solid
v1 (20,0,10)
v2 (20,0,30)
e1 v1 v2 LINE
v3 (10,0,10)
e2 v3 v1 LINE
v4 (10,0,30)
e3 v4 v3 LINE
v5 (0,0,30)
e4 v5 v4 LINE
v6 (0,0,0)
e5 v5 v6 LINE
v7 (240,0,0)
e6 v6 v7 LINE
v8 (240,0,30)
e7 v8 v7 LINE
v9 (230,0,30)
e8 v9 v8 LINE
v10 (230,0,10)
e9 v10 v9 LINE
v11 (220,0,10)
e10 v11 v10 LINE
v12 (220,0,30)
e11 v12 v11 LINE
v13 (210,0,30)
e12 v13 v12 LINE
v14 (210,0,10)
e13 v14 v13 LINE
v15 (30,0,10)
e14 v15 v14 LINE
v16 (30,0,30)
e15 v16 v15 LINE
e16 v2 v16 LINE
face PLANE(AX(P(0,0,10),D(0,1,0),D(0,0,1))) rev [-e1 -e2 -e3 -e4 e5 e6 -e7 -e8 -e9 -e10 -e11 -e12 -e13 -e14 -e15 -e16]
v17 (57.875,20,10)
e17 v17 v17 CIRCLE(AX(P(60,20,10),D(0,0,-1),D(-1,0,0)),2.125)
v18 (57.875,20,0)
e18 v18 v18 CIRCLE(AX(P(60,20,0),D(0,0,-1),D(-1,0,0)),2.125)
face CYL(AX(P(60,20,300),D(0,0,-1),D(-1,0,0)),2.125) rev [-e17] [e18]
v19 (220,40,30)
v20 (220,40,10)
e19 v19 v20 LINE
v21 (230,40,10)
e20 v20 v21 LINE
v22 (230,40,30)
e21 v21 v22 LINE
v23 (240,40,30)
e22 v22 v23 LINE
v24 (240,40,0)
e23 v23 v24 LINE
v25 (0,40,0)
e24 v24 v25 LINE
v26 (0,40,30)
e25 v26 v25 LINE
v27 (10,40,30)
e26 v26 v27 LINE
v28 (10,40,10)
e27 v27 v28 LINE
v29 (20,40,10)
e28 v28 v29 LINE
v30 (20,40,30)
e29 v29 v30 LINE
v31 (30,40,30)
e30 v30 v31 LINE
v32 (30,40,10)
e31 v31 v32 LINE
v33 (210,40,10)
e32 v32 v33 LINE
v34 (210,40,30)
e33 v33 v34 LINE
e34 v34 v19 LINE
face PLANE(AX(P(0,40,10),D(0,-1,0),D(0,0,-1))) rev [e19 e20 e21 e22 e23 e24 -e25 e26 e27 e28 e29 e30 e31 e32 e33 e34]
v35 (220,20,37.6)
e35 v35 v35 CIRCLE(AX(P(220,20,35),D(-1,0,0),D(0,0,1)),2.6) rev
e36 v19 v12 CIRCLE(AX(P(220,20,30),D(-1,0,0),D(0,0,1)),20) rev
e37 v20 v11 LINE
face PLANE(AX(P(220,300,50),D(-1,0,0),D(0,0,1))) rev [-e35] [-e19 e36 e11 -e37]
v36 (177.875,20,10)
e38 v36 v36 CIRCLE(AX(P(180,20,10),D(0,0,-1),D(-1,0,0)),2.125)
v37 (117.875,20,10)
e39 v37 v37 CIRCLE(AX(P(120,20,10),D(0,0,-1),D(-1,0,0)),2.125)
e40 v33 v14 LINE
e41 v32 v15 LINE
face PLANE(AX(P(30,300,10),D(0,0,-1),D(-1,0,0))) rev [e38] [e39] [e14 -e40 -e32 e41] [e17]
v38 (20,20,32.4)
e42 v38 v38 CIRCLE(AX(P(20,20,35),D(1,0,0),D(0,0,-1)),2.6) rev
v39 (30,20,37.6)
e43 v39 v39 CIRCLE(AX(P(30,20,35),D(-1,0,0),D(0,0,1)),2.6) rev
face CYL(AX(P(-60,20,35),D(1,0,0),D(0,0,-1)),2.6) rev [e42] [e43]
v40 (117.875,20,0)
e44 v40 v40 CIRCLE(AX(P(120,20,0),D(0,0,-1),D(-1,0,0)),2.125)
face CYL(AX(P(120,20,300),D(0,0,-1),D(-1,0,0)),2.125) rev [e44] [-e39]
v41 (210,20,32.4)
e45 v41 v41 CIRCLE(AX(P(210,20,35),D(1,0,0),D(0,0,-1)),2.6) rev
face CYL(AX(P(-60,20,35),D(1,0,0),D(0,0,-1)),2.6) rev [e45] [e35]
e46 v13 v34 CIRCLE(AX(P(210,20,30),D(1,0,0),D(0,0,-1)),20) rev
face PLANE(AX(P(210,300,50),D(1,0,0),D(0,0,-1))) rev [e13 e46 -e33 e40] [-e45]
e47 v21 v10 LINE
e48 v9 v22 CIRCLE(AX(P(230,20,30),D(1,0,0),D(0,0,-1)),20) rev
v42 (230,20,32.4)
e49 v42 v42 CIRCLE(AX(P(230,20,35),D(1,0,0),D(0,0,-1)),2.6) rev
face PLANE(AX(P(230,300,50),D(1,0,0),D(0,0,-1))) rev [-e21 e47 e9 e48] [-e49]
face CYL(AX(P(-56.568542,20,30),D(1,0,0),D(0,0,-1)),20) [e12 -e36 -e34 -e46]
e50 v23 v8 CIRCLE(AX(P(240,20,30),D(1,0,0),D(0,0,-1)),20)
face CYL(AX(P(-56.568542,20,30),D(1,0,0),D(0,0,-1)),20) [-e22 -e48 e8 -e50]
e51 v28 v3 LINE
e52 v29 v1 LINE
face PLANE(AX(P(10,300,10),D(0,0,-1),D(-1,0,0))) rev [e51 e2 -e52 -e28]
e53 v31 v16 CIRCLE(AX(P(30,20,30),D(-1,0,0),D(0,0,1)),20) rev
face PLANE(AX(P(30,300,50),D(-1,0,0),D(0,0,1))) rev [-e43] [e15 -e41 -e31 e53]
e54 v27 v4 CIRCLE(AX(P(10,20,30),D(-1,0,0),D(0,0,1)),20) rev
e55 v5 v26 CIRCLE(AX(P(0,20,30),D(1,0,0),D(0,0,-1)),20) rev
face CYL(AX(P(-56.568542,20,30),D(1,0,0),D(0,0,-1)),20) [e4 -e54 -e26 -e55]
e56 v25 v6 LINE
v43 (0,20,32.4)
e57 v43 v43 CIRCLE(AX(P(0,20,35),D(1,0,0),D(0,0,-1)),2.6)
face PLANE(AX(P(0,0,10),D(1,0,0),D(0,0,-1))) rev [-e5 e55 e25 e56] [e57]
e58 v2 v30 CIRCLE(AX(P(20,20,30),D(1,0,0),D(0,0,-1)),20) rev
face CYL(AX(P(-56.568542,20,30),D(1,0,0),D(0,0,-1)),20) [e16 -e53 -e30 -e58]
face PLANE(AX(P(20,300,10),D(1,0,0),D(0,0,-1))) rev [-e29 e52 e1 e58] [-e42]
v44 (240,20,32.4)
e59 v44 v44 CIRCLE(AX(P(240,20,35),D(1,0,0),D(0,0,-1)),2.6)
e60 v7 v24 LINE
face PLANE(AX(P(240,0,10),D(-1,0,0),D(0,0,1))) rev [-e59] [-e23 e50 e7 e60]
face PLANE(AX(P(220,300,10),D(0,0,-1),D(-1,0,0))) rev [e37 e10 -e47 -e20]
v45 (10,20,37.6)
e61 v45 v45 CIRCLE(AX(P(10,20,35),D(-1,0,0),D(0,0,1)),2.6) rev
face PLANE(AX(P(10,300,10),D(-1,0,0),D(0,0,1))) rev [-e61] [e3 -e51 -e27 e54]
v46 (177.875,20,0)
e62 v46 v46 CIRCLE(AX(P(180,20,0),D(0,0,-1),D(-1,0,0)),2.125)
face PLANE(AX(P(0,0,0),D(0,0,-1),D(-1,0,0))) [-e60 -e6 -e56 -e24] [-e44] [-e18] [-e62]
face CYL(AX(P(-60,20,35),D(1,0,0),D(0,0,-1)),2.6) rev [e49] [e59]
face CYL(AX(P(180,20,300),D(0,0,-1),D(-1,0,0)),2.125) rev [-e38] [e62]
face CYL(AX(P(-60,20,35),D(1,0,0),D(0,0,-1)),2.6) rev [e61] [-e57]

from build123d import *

# Parameters (mm, degrees)
SKETCH1_W           = 240
SKETCH1_H           = 40
BOSS_EXTRUDE1_DEPTH = 10
SKETCH2_W           = 20
SKETCH2_H           = 40
BOSS_EXTRUDE2_DEPTH = 240
SKETCH3_R           = 2.6
CUT_EXTRUDE1_DEPTH  = 300
SKETCH4_W           = 10
SKETCH4_H           = 40
SKETCH4_W_2         = 180
CUT_EXTRUDE2_DEPTH  = 300
SKETCH5_R           = 2.125
CUT_EXTRUDE3_DEPTH  = 300


with BuildPart() as part:
    # Sketch1 → Boss-Extrude1 (new body)
    with BuildSketch(Plane.XY):
        with Locations((120, 20)):
            Rectangle(SKETCH1_W, SKETCH1_H)
    extrude(amount=BOSS_EXTRUDE1_DEPTH)

    # Sketch2 → Boss-Extrude2 (add)
    with BuildSketch(Plane(origin=(240, 0, 0), x_dir=(0, 0, -1), z_dir=(1, 0, 0))):
        with Locations((-20, 20)):
            Rectangle(SKETCH2_W, SKETCH2_H)
        with BuildLine():
            Line((-30, 40), (-30, 0))
            ThreePointArc((-30, 0), (-50, 20), (-30, 40))
        make_face()
    extrude(amount=-BOSS_EXTRUDE2_DEPTH)

    # Sketch3 → Cut-Extrude1 (cut)
    with BuildSketch(Plane(origin=(240, 0, 0), x_dir=(0, 0, -1), z_dir=(1, 0, 0))):
        with Locations((-35, 20)):
            Circle(SKETCH3_R)
    extrude(amount=-CUT_EXTRUDE1_DEPTH, mode=Mode.SUBTRACT)

    # Sketch4 → Cut-Extrude2 (cut)
    with BuildSketch(Plane.XZ):
        with Locations((15, 30)):
            Rectangle(SKETCH4_W, SKETCH4_H)
        with Locations((120, 30)):
            Rectangle(SKETCH4_W_2, SKETCH4_H)
        with Locations((225, 30)):
            Rectangle(SKETCH4_W, SKETCH4_H)
    extrude(amount=-CUT_EXTRUDE2_DEPTH, mode=Mode.SUBTRACT)

    # Sketch5 → Cut-Extrude3 (cut)
    with BuildSketch(Plane(origin=(0, 0, 0), x_dir=(-1, 0, 0), z_dir=(0, 0, -1))):
        with Locations((-180, 20)):
            Circle(SKETCH5_R)
        with Locations((-120, 20)):
            Circle(SKETCH5_R)
        with Locations((-60, 20)):
            Circle(SKETCH5_R)
    extrude(amount=-CUT_EXTRUDE3_DEPTH, mode=Mode.SUBTRACT)


solid = part.part
